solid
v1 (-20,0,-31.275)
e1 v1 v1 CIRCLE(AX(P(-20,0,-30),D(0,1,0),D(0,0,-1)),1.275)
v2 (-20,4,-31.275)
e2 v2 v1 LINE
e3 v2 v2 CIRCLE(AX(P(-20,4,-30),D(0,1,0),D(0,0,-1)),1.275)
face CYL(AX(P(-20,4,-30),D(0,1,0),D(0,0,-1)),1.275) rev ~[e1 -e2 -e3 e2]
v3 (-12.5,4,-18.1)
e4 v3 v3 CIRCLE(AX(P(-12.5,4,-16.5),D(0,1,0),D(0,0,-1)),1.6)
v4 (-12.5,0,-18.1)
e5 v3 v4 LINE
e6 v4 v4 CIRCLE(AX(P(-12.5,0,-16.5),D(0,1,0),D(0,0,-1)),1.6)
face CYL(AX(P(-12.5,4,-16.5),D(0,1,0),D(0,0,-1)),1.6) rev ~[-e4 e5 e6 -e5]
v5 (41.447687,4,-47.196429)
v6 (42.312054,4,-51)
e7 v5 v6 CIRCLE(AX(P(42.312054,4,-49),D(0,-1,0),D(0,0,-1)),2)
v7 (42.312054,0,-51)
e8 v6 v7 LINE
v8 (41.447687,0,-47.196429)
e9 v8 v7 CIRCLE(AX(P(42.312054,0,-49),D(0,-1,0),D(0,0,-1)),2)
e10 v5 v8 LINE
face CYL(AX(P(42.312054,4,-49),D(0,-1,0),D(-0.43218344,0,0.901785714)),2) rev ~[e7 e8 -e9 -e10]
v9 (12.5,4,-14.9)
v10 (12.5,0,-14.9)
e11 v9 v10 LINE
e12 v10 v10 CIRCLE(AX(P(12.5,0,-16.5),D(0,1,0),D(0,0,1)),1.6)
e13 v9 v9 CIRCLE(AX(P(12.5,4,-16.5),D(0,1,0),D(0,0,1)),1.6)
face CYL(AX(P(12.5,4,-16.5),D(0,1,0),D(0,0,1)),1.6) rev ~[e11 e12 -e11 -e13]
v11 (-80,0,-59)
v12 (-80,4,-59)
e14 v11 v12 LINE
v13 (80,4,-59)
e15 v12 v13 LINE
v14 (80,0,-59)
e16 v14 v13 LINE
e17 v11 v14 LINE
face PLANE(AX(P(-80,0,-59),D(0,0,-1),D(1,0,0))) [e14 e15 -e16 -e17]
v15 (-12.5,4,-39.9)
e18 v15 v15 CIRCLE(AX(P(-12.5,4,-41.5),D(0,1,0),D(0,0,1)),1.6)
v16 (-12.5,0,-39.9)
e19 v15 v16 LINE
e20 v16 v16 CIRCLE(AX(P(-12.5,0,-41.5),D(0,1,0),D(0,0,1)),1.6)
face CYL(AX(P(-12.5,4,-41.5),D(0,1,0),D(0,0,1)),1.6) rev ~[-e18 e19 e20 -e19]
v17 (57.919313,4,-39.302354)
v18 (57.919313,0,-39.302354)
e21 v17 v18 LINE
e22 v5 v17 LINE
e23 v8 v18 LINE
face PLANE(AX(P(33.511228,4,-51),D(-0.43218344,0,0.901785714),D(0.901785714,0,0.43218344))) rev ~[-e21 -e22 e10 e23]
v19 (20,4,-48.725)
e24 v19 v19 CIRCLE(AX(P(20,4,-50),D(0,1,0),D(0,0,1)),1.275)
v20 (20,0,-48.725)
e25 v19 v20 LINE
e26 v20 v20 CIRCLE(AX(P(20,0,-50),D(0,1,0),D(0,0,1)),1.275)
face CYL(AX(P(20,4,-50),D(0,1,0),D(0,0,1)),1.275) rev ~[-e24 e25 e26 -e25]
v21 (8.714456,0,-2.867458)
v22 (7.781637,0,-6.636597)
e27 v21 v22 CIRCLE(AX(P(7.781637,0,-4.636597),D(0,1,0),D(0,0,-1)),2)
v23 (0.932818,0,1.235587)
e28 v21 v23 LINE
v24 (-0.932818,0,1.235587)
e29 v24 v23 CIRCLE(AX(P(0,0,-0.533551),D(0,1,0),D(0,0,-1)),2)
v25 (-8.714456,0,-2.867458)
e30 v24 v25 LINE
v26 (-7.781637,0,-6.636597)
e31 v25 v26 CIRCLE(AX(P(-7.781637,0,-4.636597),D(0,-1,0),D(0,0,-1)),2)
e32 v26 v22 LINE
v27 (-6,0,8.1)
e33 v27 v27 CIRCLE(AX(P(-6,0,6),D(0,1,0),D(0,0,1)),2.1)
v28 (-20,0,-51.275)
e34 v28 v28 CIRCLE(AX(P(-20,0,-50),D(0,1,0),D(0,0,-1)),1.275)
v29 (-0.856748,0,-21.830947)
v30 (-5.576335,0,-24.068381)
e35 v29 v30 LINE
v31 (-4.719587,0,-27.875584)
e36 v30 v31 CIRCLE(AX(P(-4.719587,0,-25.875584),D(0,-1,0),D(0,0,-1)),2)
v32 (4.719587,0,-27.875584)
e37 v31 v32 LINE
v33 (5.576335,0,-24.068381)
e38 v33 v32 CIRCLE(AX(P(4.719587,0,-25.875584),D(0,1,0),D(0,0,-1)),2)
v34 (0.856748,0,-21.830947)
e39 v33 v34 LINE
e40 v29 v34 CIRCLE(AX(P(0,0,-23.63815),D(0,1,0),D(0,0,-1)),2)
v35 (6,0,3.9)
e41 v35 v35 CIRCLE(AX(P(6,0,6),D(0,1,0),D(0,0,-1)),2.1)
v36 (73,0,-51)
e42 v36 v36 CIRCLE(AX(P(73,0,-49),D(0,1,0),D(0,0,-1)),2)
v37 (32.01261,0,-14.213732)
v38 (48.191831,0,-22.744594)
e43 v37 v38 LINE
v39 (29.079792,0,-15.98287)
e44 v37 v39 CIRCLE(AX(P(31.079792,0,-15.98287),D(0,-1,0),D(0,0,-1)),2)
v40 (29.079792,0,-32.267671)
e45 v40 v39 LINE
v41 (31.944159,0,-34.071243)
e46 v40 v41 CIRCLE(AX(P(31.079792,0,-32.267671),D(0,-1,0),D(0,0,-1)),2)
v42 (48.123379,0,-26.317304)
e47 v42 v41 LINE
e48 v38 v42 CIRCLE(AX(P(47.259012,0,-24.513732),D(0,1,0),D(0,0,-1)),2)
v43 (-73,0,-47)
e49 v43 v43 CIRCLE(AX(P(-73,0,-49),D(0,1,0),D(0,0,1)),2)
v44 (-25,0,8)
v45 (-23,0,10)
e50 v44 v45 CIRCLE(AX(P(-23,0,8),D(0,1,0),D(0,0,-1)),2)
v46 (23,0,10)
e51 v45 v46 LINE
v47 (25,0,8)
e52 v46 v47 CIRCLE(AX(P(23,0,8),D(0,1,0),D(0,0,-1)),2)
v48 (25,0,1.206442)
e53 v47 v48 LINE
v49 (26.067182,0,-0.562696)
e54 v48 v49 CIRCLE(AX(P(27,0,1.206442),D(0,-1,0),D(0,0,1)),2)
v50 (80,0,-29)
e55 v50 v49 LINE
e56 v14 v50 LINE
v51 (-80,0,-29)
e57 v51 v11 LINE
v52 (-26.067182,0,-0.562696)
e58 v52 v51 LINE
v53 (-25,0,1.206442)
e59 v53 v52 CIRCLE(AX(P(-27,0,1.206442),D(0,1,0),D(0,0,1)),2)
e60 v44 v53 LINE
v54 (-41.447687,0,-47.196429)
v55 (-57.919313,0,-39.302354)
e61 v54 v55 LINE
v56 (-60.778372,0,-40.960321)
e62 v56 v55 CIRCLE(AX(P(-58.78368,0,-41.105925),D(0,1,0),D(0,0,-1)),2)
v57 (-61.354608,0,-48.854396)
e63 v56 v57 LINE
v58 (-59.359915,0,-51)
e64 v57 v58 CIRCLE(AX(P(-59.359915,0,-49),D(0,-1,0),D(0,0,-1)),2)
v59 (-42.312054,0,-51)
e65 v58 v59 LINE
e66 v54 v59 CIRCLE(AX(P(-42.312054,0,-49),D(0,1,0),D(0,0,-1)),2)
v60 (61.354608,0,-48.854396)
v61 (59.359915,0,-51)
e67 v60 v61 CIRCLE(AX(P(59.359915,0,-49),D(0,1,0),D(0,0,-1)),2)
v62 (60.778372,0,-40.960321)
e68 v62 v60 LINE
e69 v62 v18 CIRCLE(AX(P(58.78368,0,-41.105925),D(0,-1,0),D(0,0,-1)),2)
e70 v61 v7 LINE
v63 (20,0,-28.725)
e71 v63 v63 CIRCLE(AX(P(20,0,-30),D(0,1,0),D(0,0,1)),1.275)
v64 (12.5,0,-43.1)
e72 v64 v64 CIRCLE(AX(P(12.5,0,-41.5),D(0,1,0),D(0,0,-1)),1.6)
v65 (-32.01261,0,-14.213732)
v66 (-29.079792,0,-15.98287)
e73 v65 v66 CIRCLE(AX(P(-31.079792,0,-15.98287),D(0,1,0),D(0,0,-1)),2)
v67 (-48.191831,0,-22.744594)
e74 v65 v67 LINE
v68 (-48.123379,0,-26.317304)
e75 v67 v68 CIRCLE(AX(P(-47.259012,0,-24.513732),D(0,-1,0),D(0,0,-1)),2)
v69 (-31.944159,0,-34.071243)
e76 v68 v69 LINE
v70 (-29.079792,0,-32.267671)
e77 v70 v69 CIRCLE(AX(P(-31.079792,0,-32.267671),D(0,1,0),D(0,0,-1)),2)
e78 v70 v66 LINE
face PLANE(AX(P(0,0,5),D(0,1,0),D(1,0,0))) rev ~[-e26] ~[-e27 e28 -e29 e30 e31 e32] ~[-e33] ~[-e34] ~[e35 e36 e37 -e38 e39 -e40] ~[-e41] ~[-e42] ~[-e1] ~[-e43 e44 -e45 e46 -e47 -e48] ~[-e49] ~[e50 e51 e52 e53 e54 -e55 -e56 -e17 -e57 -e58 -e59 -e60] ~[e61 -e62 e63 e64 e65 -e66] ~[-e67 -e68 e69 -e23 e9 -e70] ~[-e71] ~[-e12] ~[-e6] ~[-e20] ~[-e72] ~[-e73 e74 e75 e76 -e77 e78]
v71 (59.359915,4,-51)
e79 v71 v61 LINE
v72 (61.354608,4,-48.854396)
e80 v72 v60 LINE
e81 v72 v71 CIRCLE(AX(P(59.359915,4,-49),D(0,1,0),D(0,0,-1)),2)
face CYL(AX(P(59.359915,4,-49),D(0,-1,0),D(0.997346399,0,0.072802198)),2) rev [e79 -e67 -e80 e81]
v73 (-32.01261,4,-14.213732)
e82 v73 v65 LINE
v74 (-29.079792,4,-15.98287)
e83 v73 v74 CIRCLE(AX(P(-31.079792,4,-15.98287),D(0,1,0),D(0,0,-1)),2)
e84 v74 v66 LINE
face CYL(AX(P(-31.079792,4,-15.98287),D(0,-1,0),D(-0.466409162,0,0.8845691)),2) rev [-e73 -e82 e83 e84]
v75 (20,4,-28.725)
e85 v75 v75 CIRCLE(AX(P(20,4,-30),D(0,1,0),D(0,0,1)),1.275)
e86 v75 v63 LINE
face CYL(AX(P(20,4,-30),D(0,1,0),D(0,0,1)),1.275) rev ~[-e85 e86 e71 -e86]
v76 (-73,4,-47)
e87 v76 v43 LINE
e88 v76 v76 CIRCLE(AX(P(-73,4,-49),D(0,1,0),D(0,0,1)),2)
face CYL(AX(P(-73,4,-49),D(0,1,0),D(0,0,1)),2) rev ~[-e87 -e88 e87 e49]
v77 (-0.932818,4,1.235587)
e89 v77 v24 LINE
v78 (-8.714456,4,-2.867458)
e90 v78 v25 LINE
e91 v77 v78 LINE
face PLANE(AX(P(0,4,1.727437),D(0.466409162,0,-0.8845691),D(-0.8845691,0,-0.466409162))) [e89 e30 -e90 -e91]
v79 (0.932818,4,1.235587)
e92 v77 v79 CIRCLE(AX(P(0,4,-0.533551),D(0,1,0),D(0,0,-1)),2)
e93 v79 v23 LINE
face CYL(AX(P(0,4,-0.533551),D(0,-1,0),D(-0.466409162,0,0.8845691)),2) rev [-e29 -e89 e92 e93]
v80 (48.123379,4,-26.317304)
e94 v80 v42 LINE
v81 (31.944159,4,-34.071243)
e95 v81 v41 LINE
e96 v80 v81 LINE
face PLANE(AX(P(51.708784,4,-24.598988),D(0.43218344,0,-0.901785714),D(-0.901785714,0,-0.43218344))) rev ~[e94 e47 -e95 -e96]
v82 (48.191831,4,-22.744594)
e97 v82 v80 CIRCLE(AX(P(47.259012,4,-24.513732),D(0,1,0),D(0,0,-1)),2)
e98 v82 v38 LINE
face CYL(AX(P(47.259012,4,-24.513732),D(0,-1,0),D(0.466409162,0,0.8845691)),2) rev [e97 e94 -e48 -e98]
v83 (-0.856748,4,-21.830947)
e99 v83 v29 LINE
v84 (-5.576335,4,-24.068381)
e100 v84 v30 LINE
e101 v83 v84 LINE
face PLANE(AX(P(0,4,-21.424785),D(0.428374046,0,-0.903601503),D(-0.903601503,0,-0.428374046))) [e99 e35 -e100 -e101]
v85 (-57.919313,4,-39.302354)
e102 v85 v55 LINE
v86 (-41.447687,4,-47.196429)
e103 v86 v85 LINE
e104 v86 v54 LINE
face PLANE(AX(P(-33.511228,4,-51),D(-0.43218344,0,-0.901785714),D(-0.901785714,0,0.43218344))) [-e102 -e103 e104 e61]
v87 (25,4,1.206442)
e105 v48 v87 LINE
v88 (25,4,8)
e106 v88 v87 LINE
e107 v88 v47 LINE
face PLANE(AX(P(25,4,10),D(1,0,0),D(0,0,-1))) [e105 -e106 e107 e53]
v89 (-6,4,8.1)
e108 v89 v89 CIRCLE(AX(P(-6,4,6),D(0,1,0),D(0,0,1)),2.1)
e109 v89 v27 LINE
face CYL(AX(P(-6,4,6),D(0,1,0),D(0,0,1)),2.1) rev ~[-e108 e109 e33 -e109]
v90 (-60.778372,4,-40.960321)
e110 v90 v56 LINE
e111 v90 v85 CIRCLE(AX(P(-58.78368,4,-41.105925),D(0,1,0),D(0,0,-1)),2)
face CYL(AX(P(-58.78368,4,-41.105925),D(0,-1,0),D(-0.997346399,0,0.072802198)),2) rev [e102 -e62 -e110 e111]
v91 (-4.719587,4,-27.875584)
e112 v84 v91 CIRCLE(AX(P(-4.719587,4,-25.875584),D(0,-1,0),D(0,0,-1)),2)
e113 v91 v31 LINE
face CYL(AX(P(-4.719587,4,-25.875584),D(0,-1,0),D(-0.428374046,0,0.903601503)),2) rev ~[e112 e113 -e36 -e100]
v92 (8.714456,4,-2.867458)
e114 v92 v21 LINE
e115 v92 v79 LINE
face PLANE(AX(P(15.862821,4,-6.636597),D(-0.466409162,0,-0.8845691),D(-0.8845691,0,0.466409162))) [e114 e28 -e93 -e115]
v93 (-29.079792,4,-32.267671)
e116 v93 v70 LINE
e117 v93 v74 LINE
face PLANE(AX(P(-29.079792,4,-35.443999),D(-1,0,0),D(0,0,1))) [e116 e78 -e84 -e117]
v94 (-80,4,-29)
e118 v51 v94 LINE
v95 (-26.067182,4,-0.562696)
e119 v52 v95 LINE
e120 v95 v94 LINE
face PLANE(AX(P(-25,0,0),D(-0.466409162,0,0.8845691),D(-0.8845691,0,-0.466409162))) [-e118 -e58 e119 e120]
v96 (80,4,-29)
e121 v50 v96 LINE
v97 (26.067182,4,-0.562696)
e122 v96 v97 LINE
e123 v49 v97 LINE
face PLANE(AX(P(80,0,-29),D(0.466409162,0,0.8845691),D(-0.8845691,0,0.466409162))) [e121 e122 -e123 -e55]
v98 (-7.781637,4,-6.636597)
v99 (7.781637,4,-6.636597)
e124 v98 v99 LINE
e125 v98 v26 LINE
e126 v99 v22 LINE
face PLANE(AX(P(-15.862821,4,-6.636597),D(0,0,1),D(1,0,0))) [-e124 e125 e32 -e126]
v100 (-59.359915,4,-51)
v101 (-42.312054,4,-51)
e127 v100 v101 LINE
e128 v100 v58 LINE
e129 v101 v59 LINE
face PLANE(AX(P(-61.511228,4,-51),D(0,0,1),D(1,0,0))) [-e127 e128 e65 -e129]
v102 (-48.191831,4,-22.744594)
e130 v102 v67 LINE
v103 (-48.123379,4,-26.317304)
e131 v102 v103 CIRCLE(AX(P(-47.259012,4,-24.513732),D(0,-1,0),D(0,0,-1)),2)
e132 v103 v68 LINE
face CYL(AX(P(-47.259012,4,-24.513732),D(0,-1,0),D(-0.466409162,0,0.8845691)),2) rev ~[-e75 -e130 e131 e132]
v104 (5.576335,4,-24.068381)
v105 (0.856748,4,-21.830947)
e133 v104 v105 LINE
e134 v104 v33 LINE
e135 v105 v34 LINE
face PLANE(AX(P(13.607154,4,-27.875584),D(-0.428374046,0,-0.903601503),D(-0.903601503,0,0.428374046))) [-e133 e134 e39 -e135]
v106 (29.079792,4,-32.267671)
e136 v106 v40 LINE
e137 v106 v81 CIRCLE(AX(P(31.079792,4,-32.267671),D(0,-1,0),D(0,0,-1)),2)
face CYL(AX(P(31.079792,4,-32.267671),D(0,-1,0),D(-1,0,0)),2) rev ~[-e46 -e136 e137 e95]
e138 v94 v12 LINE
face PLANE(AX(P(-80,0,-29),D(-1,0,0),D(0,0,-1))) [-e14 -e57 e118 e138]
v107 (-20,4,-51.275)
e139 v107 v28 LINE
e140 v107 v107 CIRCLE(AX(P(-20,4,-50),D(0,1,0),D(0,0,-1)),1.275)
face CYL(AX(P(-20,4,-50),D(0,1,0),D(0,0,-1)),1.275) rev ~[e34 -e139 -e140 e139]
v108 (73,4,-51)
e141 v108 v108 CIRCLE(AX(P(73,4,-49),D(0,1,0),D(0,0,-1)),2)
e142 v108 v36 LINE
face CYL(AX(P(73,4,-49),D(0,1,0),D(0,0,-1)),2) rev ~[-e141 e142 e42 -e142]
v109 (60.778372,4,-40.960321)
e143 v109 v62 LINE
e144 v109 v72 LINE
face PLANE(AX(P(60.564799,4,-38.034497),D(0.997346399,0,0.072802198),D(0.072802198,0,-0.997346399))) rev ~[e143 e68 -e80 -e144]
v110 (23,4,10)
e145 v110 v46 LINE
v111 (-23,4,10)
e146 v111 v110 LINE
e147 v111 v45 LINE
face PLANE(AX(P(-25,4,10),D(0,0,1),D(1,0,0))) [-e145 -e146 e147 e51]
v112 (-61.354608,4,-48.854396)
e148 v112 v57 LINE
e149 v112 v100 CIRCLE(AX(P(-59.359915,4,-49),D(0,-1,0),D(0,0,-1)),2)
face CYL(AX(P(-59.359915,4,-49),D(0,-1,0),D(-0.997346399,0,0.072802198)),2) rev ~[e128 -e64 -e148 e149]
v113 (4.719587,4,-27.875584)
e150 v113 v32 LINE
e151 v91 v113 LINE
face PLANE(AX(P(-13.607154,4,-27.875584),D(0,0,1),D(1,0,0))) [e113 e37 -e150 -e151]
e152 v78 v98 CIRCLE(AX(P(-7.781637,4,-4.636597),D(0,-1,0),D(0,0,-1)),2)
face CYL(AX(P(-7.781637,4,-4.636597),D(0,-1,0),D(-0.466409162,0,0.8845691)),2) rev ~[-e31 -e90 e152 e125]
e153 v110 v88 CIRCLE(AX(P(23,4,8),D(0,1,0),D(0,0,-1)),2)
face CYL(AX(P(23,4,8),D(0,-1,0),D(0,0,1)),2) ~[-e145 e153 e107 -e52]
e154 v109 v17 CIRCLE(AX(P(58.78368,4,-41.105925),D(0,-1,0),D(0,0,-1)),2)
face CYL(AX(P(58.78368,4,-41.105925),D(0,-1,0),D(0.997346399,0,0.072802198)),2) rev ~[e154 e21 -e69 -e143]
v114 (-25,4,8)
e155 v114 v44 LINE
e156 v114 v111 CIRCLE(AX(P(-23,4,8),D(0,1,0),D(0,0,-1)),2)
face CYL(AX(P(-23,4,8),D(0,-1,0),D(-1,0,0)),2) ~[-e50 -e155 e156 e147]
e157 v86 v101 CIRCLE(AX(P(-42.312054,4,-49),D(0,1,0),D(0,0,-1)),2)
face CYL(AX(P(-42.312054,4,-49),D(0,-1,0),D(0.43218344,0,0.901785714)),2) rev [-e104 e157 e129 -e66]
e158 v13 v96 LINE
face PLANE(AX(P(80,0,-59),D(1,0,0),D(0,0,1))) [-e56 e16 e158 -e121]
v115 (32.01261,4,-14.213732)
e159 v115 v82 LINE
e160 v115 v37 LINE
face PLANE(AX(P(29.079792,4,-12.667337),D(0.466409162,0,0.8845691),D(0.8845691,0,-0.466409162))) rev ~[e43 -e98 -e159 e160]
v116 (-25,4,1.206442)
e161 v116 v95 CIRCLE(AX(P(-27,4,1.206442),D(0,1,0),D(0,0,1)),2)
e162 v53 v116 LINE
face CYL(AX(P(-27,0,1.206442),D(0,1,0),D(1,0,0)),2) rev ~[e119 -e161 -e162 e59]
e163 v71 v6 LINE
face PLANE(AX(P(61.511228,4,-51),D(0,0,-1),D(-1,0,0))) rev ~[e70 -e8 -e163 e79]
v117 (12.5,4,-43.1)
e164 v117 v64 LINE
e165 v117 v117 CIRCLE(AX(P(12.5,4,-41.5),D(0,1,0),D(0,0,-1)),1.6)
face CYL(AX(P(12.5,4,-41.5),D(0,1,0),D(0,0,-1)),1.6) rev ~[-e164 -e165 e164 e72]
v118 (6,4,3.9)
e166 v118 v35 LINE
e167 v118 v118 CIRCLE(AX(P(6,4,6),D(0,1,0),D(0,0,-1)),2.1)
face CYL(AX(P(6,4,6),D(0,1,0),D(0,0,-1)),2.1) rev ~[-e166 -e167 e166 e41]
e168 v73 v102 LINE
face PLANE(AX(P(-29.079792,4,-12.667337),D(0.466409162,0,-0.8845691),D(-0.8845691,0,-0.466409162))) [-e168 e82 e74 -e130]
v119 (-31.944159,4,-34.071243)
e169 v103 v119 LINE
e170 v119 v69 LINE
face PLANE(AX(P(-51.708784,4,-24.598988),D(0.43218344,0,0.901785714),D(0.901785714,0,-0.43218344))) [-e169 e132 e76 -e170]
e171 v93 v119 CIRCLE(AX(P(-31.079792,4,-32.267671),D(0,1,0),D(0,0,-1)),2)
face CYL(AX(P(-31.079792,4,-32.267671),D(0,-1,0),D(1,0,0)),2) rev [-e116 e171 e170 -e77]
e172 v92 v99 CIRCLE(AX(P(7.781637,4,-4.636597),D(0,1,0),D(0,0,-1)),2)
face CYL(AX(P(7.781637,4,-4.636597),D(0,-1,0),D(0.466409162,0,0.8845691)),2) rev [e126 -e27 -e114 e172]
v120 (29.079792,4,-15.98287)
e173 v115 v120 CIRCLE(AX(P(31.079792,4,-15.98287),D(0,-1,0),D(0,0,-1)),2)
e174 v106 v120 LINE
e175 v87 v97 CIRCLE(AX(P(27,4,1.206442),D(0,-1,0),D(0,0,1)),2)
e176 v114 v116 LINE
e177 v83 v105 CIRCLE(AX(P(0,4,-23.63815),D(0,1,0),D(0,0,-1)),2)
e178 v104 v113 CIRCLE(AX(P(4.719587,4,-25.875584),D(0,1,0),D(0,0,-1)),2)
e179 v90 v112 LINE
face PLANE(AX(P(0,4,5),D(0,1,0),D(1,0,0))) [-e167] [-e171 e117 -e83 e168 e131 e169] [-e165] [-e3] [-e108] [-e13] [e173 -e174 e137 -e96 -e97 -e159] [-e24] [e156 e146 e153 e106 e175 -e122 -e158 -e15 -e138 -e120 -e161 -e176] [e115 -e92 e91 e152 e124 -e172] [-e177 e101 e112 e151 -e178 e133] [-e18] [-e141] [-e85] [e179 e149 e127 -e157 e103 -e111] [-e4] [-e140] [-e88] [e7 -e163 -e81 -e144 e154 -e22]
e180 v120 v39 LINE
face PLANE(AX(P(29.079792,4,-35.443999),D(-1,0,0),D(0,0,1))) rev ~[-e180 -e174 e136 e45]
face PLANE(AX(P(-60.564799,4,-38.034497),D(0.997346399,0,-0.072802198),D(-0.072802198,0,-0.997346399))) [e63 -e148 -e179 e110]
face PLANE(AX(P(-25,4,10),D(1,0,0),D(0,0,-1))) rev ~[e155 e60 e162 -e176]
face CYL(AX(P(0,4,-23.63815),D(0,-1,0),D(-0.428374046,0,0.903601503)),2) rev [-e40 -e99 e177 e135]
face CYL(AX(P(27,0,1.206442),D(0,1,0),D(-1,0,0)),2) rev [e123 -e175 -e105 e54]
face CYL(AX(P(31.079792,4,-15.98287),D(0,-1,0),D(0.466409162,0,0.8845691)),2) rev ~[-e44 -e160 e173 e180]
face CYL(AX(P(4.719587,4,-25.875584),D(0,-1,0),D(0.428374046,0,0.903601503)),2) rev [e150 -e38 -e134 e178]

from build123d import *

# Parameters (mm, degrees)
EXTRUDE_1_DEPTH     = 4
SKETCH_2_R          = 1.6
CUT_EXTRUDE_1_DEPTH = 100.483667001
SKETCH_4_R          = 1.275
CUT_EXTRUDE_3_DEPTH = 10
SKETCH_6_W          = 50
SKETCH_6_H          = 10
EXTRUDE_2_DEPTH     = 4
SKETCH_7_R          = 2.1
CUT_EXTRUDE_4_DEPTH = 10
SKETCH_8_R          = 2
CUT_EXTRUDE_5_DEPTH = 10
CUT_EXTRUDE_6_DEPTH = 10
CUT_EXTRUDE_7_DEPTH = 10
FILLET_2_R          = 2


with BuildPart() as part:
    # 草图1 → 凸台-拉伸1 (new body)
    with BuildSketch(Plane(origin=(0, 0, 0), x_dir=(1, 0, 0), z_dir=(0, 1, 0))):
        Polygon((25, 0), (-25, 0), (-80, 29), (-80, 59), (80, 59), (80, 29), align=None)
    extrude(amount=EXTRUDE_1_DEPTH)

    # 草图2 → 切除-拉伸1 (cut, through all)
    with BuildSketch(Plane(origin=(0, 4, 0), x_dir=(1, 0, 0), z_dir=(0, 1, 0))):
        with Locations(Location((-12.5, 41.5, 0), (0, 0, 270))):
            Circle(SKETCH_2_R)
        with Locations(Location((12.5, 41.5, 0), (0, 0, 90))):
            Circle(SKETCH_2_R)
        with Locations(Location((-12.5, 16.5, 0), (0, 0, 90))):
            Circle(SKETCH_2_R)
        with Locations(Location((12.5, 16.5, 0), (0, 0, 270))):
            Circle(SKETCH_2_R)
    extrude(amount=-CUT_EXTRUDE_1_DEPTH, mode=Mode.SUBTRACT)

    # 草图4 → 切除-拉伸3 (cut)
    with BuildSketch(Plane(origin=(0, 4, 0), x_dir=(1, 0, 0), z_dir=(0, 1, 0))):
        with Locations(Location((20, 50, 0), (0, 0, 270))):
            Circle(SKETCH_4_R)
        with Locations(Location((20, 30, 0), (0, 0, 270))):
            Circle(SKETCH_4_R)
        with Locations(Location((-20, 30, 0), (0, 0, 90))):
            Circle(SKETCH_4_R)
        with Locations(Location((-20, 50, 0), (0, 0, 90))):
            Circle(SKETCH_4_R)
    extrude(amount=-CUT_EXTRUDE_3_DEPTH, mode=Mode.SUBTRACT)

    # 草图6 → 凸台-拉伸2 (add)
    with BuildSketch(Plane(origin=(0, 4, 0), x_dir=(1, 0, 0), z_dir=(0, 1, 0))):
        with Locations((0, -5)):
            Rectangle(SKETCH_6_W, SKETCH_6_H)
    extrude(amount=-EXTRUDE_2_DEPTH)

    # 草图7 → 切除-拉伸4 (cut)
    with BuildSketch(Plane(origin=(0, 4, 0), x_dir=(1, 0, 0), z_dir=(0, 1, 0))):
        with Locations(Location((-6, -6, 0), (0, 0, 270))):
            Circle(SKETCH_7_R)
        with Locations(Location((6, -6, 0), (0, 0, 90))):
            Circle(SKETCH_7_R)
    extrude(amount=-CUT_EXTRUDE_4_DEPTH, mode=Mode.SUBTRACT)

    # 草图8 → 切除-拉伸5 (cut)
    with BuildSketch(Plane(origin=(0, 4, 0), x_dir=(1, 0, 0), z_dir=(0, 1, 0))):
        with Locations(Location((-73, 49, 0), (0, 0, 270))):
            Circle(SKETCH_8_R)
        with Locations(Location((73, 49, 0), (0, 0, 90))):
            Circle(SKETCH_8_R)
    extrude(amount=-CUT_EXTRUDE_5_DEPTH, mode=Mode.SUBTRACT)

    # 草图9 → 切除-拉伸6 (cut)
    with BuildSketch(Plane(origin=(0, 4, 0), x_dir=(1, 0, 0), z_dir=(0, 1, 0))):
        Polygon((-13.607153835, 27.875584016), (13.607153835, 27.875584016), (0, 21.424785161), align=None)
        Polygon((-61.511227824, 51), (-33.511227824, 51), (-60.564799252, 38.03449681), align=None)
        Polygon((-51.708784474, 24.598987773), (-29.079791665, 35.443998725), (-29.079791665, 12.667337019), align=None)
        Polygon((29.079791665, 12.667337019), (51.708784474, 24.598987773), (29.079791665, 35.443998725), align=None)
        Polygon((60.564799252, 38.03449681), (61.511227824, 51), (33.511227824, 51), align=None)
    extrude(amount=-CUT_EXTRUDE_6_DEPTH, mode=Mode.SUBTRACT)

    # 草图10 → 切除-拉伸7 (cut)
    with BuildSketch(Plane(origin=(0, 4, 0), x_dir=(1, 0, 0), z_dir=(0, 1, 0))):
        Polygon((-15.862821337, 6.636596525), (15.862821337, 6.636596525), (0, -1.727436544), align=None)
    extrude(amount=-CUT_EXTRUDE_7_DEPTH, mode=Mode.SUBTRACT)

    # 圆角2
    fillet_2_edges = [part.edges().sort_by_distance(p)[0] for p in [
        (25, 2, 0),
        (-25, 2, 0),
        (60.564799252, 2, -38.03449681),
        (33.511227824, 2, -51),
        (61.511227824, 2, -51),
        (29.079791665, 2, -12.667337019),
        (29.079791665, 2, -35.443998725),
        (51.708784474, 2, -24.598987773),
        (-29.079791665, 2, -12.667337019),
        (-51.708784474, 2, -24.598987773),
        (-29.079791665, 2, -35.443998725),
        (-60.564799252, 2, -38.03449681),
        (-61.511227824, 2, -51),
        (-33.511227824, 2, -51),
        (0, 2, -21.424785161),
        (-13.607153835, 2, -27.875584016),
        (13.607153835, 2, -27.875584016),
        (15.862821337, 2, -6.636596525),
        (0, 2, 1.727436544),
        (-15.862821337, 2, -6.636596525),
        (25, 2, 10),
        (-25, 2, 10),
    ]]
    fillet(fillet_2_edges, radius=FILLET_2_R)


solid = part.part
